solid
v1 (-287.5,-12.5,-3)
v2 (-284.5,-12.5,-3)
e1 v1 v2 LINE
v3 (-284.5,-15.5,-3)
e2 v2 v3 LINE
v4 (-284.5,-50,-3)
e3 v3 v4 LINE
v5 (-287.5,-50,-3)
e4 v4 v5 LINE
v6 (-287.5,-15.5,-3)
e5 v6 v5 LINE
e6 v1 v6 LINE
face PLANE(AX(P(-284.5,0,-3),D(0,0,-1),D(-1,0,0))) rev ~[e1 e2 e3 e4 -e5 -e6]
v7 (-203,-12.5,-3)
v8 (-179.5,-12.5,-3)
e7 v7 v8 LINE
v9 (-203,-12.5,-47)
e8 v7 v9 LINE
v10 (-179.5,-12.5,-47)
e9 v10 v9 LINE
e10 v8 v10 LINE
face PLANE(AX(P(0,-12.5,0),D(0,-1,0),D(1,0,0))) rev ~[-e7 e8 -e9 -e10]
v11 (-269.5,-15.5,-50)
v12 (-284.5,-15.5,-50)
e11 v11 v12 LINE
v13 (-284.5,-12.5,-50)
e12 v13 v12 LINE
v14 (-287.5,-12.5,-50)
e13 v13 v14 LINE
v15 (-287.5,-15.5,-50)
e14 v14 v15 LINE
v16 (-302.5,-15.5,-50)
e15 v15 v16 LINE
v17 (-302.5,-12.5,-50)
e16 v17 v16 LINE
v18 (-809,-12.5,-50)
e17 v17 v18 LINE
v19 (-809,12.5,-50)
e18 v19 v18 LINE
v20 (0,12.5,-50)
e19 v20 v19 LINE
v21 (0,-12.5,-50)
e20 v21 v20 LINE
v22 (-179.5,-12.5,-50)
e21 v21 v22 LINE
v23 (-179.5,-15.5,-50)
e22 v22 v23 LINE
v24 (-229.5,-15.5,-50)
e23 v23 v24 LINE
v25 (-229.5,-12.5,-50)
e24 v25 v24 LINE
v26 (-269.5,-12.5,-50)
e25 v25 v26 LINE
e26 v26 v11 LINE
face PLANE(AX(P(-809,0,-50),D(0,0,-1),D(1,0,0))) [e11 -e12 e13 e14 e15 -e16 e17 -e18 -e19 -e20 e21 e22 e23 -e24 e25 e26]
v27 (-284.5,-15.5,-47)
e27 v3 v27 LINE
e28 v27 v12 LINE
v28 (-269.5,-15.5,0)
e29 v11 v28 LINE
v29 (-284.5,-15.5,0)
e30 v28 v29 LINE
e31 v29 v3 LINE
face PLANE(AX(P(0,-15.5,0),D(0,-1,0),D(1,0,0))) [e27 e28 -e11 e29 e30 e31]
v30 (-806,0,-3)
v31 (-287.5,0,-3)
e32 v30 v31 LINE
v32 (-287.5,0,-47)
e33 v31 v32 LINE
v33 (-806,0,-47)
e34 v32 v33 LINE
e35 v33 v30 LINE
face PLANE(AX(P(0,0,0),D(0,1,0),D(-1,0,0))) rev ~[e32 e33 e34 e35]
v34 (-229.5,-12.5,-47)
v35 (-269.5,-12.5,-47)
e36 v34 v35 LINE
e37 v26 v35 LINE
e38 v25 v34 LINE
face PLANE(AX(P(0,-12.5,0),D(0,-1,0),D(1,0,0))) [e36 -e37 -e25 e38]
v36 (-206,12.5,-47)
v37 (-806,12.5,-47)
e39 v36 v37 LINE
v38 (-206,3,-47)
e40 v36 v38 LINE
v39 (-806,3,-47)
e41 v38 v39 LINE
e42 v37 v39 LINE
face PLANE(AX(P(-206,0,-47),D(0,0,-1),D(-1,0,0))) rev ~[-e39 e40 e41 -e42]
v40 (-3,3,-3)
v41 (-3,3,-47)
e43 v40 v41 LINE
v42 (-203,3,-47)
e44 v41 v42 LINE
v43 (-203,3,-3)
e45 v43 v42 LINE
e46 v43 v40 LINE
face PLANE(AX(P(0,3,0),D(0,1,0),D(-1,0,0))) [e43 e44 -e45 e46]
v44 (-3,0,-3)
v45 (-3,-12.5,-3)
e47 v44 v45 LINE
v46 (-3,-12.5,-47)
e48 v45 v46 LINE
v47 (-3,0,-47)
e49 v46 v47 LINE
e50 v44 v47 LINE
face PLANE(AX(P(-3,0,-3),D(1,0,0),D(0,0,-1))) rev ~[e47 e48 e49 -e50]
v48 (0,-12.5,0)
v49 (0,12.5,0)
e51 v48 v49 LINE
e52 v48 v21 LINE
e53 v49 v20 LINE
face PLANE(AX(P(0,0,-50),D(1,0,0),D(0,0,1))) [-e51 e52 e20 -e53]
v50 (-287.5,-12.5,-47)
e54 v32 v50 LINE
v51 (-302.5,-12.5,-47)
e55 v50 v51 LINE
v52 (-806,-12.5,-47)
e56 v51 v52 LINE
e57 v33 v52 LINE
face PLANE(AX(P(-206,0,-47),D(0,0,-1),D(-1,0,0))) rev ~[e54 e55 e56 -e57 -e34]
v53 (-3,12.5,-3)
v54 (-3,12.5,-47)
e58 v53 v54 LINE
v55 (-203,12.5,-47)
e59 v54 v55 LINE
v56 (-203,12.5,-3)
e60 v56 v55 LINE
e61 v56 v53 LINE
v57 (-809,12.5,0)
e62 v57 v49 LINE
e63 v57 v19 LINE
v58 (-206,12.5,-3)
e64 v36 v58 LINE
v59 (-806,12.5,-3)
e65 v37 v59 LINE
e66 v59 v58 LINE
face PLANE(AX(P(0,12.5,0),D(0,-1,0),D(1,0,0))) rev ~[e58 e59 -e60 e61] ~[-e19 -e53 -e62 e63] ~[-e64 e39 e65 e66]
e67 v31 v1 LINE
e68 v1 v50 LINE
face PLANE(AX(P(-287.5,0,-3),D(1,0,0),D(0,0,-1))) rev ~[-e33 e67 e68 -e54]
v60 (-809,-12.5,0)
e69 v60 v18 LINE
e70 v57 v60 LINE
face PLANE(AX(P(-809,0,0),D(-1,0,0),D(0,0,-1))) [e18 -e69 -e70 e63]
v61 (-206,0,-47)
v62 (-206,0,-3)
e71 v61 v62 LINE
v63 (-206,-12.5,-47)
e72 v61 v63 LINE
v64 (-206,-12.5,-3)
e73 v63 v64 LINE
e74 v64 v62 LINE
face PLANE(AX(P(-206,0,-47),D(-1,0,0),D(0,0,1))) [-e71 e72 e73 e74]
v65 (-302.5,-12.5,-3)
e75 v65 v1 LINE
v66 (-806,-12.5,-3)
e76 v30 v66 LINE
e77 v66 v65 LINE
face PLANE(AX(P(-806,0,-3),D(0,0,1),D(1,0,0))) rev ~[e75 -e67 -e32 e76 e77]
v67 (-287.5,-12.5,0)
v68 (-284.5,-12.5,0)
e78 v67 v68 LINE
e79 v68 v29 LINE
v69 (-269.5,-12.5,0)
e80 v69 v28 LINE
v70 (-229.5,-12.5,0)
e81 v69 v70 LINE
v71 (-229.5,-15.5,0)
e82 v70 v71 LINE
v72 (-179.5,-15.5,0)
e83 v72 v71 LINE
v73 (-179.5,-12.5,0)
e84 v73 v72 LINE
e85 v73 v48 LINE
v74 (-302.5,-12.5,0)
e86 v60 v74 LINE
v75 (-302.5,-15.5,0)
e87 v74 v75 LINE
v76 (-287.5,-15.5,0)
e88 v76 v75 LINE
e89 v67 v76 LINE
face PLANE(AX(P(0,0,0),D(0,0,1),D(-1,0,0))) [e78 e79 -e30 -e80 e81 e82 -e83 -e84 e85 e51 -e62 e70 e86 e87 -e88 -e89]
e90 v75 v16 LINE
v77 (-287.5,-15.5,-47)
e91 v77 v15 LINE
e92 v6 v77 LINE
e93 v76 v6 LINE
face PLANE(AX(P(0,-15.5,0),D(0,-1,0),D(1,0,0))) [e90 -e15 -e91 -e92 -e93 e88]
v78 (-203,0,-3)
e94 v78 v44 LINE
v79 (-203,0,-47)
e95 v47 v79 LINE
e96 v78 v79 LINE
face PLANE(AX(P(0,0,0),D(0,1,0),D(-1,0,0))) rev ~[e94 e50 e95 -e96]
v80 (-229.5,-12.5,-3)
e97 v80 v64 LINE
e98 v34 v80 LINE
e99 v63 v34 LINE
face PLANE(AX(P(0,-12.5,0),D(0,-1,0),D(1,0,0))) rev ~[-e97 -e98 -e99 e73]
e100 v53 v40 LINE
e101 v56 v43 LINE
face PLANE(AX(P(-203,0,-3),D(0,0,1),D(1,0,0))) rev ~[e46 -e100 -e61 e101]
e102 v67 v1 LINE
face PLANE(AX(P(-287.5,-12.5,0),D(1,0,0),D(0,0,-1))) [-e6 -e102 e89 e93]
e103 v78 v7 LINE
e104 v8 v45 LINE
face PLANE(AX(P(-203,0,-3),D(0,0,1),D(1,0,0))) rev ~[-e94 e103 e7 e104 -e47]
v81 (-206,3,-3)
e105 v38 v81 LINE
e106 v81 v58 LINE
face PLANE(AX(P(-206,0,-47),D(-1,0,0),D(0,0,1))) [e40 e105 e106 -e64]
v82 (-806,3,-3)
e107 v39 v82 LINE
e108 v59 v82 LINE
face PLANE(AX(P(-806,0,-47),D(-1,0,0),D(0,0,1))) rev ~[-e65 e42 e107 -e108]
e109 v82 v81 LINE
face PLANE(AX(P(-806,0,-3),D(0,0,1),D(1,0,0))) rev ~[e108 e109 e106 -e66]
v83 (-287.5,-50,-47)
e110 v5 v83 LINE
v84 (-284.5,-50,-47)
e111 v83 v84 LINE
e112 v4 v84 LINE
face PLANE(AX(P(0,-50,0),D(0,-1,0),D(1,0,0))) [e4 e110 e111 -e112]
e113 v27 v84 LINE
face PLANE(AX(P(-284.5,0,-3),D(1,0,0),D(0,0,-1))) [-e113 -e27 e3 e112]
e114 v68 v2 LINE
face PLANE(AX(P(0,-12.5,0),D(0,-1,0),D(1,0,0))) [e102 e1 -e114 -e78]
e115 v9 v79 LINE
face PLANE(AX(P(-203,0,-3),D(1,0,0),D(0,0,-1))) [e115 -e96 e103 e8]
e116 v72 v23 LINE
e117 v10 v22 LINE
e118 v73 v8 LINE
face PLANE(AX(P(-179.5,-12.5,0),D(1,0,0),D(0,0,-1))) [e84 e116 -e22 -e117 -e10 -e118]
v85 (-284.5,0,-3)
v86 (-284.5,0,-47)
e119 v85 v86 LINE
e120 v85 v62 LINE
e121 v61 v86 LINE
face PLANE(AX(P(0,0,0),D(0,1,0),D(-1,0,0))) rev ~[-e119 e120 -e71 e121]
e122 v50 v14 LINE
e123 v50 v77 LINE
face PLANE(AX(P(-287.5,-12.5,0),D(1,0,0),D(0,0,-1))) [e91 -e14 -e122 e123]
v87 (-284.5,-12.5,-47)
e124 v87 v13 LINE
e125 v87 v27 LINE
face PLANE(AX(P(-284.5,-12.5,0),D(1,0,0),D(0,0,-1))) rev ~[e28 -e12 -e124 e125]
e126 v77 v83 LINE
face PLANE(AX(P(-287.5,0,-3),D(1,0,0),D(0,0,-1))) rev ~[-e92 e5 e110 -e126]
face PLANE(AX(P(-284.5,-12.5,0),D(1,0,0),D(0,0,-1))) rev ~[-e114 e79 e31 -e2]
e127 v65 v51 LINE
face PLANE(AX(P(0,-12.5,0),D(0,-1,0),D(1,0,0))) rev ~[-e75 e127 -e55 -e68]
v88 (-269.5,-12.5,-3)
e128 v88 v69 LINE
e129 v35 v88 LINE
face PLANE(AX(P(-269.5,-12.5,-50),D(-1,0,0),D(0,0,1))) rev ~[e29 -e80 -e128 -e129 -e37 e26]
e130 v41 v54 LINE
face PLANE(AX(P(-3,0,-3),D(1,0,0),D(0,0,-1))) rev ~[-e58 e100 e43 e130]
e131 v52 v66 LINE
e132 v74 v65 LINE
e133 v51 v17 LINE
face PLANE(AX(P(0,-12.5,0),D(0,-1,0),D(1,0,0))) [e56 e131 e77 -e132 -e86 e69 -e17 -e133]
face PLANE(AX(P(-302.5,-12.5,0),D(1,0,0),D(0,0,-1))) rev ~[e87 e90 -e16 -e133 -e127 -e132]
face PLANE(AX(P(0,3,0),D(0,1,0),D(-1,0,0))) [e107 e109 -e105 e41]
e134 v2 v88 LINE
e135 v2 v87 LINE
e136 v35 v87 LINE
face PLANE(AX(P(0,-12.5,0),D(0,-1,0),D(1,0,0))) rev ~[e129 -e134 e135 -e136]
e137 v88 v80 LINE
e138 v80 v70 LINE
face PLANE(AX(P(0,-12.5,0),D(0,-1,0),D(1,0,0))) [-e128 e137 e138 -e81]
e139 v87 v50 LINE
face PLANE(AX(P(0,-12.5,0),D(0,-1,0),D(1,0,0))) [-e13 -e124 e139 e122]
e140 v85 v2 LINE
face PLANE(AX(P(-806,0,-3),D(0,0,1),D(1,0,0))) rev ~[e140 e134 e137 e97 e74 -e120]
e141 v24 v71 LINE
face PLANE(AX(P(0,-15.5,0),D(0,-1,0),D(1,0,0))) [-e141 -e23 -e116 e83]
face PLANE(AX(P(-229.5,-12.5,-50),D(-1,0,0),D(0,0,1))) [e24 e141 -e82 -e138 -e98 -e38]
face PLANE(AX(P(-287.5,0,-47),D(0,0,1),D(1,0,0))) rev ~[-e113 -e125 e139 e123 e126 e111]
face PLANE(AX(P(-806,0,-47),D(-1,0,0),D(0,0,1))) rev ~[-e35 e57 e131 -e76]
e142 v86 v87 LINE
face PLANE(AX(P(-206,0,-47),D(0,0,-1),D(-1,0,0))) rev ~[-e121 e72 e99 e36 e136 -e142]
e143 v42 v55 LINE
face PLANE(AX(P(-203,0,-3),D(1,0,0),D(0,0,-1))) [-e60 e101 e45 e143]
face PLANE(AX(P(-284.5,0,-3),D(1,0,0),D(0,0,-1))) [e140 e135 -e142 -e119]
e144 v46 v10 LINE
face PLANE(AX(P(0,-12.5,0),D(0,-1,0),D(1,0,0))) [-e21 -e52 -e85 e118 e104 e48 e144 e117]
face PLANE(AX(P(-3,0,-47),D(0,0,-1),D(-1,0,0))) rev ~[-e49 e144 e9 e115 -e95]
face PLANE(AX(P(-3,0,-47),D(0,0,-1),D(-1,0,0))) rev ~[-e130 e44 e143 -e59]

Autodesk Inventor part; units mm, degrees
ref_plane "YZ Plane" through (0, 0, 0) normal (1, 0, 0) x (0, 1, 0)
ref_plane "XZ Plane" through (0, 0, 0) normal (0, 1, 0) x (-1, 0, 0)
ref_plane "XY Plane" through (0, 0, 0) normal (0, 0, 1) x (1, 0, 0)
sketch "Sketch1" plane through (0, 0, 0) normal (0, 1, 0) x (-1, 0, 0)
  line L0 (0, 0) -> (809, 0)
  line L1 (809, 0) -> (809, -50)
  line L2 (809, -50) -> (0, -50)
  line L3 (0, -50) -> (0, 0)
  dimension "d0" = 809
  dimension "d1" = 50
extrude "Extrusion1" add sketch "Sketch1" along normal blind 3
sketch "Sketch2" plane through (0, 0, 0) normal (0, -1, 0) x (1, 0, 0)
  line L0 (-806, -3) -> (-3, -3)
  line L1 (-3, -3) -> (-3, -47)
  line L2 (-3, -47) -> (-806, -47)
  line L3 (-806, -47) -> (-806, -3)
  line L4 (-809, 0) -> (0, 0) projected
  line L5 (-809, 0) -> (-809, -50) projected
  line L6 (-206, -3) -> (-203, -3)
  line L7 (-203, -3) -> (-203, -47)
  line L8 (-203, -47) -> (-206, -47)
  line L9 (-206, -47) -> (-206, -3)
  line L10 (0, -50) -> (-809, -50) projected
  line L11 (-809, 0) -> (0, 0)
  line L12 (0, 0) -> (0, -50)
  line L13 (0, -50) -> (-809, -50)
  line L14 (-809, -50) -> (-809, 0)
  dimension "d4" = 803
  dimension "d5" = 44
  dimension "d6" = 3
  dimension "d7" = 3
  dimension "d8" = 3
  dimension "d9" = 600
extrude "Extrusion2" add sketch "Sketch2" along normal blind 12.5 and the other way blind 12.5 contours L0 L7 L2 L9 | L4 L12 L10 L5
sketch "Sketch3" plane through (0, -12.5, 0) normal (0, -1, 0) x (1, 0, 0)
  line L0 (0, 0) -> (-809, 0) projected
  line L1 (0, -50) -> (-809, -50) projected
  line L2 (-229.5, 0) -> (-179.5, 0)
  line L3 (-179.5, 0) -> (-179.5, -50)
  line L4 (-179.5, -50) -> (-229.5, -50)
  line L5 (-229.5, -50) -> (-229.5, 0)
  line L6 (-203, -47) -> (-203, -3) projected
  line L7 (-809, 0) -> (0, 0) projected
  line L8 (-269.5, 0) -> (-284.5, 0)
  line L9 (-284.5, 0) -> (-284.5, -50)
  line L10 (-284.5, -50) -> (-269.5, -50)
  line L11 (-269.5, -50) -> (-269.5, 0)
  line L12 (-809, -50) -> (0, -50) projected
  line L13 (-284.5, 0) -> (-287.5, 0)
  line L14 (-287.5, 0) -> (-287.5, -50)
  line L15 (-287.5, -50) -> (-284.5, -50)
  line L16 (-284.5, -50) -> (-284.5, 0)
  line L17 (-287.5, 0) -> (-302.5, 0)
  line L18 (-302.5, 0) -> (-302.5, -50)
  line L19 (-302.5, -50) -> (-287.5, -50)
  line L20 (-287.5, -50) -> (-287.5, 0)
  dimension "d14" = 50
  dimension "d15" = 23.5
  dimension "d18" = 15
  dimension "d19" = 40
  dimension "d24" = 3
  dimension "d25" = 15
  dimension "d26" = 50
extrude "Extrusion3" add sketch "Sketch3" along normal blind 3 contours L3 L1 L5 L0 | L11 L1 L9 L0 | L14 L1 L18 L0
sketch "Sketch4" plane through (0, 0, 0) normal (0, -1, 0) x (1, 0, 0)
  line L0 (-284.5, -3) -> (-284.5, -47) projected
  line L1 (-284.5, -3) -> (-287.5, -3)
  line L2 (-287.5, -3) -> (-287.5, -47)
  line L3 (-287.5, -47) -> (-284.5, -47)
  line L4 (-284.5, -47) -> (-284.5, -3)
  point P0 (0, 0)
  dimension "d20" = 3
  dimension "d21" = 44
extrude "Extrusion4" add sketch "Sketch4" along normal blind 50
properties part number "Boom" material "Wood (Birch)"
